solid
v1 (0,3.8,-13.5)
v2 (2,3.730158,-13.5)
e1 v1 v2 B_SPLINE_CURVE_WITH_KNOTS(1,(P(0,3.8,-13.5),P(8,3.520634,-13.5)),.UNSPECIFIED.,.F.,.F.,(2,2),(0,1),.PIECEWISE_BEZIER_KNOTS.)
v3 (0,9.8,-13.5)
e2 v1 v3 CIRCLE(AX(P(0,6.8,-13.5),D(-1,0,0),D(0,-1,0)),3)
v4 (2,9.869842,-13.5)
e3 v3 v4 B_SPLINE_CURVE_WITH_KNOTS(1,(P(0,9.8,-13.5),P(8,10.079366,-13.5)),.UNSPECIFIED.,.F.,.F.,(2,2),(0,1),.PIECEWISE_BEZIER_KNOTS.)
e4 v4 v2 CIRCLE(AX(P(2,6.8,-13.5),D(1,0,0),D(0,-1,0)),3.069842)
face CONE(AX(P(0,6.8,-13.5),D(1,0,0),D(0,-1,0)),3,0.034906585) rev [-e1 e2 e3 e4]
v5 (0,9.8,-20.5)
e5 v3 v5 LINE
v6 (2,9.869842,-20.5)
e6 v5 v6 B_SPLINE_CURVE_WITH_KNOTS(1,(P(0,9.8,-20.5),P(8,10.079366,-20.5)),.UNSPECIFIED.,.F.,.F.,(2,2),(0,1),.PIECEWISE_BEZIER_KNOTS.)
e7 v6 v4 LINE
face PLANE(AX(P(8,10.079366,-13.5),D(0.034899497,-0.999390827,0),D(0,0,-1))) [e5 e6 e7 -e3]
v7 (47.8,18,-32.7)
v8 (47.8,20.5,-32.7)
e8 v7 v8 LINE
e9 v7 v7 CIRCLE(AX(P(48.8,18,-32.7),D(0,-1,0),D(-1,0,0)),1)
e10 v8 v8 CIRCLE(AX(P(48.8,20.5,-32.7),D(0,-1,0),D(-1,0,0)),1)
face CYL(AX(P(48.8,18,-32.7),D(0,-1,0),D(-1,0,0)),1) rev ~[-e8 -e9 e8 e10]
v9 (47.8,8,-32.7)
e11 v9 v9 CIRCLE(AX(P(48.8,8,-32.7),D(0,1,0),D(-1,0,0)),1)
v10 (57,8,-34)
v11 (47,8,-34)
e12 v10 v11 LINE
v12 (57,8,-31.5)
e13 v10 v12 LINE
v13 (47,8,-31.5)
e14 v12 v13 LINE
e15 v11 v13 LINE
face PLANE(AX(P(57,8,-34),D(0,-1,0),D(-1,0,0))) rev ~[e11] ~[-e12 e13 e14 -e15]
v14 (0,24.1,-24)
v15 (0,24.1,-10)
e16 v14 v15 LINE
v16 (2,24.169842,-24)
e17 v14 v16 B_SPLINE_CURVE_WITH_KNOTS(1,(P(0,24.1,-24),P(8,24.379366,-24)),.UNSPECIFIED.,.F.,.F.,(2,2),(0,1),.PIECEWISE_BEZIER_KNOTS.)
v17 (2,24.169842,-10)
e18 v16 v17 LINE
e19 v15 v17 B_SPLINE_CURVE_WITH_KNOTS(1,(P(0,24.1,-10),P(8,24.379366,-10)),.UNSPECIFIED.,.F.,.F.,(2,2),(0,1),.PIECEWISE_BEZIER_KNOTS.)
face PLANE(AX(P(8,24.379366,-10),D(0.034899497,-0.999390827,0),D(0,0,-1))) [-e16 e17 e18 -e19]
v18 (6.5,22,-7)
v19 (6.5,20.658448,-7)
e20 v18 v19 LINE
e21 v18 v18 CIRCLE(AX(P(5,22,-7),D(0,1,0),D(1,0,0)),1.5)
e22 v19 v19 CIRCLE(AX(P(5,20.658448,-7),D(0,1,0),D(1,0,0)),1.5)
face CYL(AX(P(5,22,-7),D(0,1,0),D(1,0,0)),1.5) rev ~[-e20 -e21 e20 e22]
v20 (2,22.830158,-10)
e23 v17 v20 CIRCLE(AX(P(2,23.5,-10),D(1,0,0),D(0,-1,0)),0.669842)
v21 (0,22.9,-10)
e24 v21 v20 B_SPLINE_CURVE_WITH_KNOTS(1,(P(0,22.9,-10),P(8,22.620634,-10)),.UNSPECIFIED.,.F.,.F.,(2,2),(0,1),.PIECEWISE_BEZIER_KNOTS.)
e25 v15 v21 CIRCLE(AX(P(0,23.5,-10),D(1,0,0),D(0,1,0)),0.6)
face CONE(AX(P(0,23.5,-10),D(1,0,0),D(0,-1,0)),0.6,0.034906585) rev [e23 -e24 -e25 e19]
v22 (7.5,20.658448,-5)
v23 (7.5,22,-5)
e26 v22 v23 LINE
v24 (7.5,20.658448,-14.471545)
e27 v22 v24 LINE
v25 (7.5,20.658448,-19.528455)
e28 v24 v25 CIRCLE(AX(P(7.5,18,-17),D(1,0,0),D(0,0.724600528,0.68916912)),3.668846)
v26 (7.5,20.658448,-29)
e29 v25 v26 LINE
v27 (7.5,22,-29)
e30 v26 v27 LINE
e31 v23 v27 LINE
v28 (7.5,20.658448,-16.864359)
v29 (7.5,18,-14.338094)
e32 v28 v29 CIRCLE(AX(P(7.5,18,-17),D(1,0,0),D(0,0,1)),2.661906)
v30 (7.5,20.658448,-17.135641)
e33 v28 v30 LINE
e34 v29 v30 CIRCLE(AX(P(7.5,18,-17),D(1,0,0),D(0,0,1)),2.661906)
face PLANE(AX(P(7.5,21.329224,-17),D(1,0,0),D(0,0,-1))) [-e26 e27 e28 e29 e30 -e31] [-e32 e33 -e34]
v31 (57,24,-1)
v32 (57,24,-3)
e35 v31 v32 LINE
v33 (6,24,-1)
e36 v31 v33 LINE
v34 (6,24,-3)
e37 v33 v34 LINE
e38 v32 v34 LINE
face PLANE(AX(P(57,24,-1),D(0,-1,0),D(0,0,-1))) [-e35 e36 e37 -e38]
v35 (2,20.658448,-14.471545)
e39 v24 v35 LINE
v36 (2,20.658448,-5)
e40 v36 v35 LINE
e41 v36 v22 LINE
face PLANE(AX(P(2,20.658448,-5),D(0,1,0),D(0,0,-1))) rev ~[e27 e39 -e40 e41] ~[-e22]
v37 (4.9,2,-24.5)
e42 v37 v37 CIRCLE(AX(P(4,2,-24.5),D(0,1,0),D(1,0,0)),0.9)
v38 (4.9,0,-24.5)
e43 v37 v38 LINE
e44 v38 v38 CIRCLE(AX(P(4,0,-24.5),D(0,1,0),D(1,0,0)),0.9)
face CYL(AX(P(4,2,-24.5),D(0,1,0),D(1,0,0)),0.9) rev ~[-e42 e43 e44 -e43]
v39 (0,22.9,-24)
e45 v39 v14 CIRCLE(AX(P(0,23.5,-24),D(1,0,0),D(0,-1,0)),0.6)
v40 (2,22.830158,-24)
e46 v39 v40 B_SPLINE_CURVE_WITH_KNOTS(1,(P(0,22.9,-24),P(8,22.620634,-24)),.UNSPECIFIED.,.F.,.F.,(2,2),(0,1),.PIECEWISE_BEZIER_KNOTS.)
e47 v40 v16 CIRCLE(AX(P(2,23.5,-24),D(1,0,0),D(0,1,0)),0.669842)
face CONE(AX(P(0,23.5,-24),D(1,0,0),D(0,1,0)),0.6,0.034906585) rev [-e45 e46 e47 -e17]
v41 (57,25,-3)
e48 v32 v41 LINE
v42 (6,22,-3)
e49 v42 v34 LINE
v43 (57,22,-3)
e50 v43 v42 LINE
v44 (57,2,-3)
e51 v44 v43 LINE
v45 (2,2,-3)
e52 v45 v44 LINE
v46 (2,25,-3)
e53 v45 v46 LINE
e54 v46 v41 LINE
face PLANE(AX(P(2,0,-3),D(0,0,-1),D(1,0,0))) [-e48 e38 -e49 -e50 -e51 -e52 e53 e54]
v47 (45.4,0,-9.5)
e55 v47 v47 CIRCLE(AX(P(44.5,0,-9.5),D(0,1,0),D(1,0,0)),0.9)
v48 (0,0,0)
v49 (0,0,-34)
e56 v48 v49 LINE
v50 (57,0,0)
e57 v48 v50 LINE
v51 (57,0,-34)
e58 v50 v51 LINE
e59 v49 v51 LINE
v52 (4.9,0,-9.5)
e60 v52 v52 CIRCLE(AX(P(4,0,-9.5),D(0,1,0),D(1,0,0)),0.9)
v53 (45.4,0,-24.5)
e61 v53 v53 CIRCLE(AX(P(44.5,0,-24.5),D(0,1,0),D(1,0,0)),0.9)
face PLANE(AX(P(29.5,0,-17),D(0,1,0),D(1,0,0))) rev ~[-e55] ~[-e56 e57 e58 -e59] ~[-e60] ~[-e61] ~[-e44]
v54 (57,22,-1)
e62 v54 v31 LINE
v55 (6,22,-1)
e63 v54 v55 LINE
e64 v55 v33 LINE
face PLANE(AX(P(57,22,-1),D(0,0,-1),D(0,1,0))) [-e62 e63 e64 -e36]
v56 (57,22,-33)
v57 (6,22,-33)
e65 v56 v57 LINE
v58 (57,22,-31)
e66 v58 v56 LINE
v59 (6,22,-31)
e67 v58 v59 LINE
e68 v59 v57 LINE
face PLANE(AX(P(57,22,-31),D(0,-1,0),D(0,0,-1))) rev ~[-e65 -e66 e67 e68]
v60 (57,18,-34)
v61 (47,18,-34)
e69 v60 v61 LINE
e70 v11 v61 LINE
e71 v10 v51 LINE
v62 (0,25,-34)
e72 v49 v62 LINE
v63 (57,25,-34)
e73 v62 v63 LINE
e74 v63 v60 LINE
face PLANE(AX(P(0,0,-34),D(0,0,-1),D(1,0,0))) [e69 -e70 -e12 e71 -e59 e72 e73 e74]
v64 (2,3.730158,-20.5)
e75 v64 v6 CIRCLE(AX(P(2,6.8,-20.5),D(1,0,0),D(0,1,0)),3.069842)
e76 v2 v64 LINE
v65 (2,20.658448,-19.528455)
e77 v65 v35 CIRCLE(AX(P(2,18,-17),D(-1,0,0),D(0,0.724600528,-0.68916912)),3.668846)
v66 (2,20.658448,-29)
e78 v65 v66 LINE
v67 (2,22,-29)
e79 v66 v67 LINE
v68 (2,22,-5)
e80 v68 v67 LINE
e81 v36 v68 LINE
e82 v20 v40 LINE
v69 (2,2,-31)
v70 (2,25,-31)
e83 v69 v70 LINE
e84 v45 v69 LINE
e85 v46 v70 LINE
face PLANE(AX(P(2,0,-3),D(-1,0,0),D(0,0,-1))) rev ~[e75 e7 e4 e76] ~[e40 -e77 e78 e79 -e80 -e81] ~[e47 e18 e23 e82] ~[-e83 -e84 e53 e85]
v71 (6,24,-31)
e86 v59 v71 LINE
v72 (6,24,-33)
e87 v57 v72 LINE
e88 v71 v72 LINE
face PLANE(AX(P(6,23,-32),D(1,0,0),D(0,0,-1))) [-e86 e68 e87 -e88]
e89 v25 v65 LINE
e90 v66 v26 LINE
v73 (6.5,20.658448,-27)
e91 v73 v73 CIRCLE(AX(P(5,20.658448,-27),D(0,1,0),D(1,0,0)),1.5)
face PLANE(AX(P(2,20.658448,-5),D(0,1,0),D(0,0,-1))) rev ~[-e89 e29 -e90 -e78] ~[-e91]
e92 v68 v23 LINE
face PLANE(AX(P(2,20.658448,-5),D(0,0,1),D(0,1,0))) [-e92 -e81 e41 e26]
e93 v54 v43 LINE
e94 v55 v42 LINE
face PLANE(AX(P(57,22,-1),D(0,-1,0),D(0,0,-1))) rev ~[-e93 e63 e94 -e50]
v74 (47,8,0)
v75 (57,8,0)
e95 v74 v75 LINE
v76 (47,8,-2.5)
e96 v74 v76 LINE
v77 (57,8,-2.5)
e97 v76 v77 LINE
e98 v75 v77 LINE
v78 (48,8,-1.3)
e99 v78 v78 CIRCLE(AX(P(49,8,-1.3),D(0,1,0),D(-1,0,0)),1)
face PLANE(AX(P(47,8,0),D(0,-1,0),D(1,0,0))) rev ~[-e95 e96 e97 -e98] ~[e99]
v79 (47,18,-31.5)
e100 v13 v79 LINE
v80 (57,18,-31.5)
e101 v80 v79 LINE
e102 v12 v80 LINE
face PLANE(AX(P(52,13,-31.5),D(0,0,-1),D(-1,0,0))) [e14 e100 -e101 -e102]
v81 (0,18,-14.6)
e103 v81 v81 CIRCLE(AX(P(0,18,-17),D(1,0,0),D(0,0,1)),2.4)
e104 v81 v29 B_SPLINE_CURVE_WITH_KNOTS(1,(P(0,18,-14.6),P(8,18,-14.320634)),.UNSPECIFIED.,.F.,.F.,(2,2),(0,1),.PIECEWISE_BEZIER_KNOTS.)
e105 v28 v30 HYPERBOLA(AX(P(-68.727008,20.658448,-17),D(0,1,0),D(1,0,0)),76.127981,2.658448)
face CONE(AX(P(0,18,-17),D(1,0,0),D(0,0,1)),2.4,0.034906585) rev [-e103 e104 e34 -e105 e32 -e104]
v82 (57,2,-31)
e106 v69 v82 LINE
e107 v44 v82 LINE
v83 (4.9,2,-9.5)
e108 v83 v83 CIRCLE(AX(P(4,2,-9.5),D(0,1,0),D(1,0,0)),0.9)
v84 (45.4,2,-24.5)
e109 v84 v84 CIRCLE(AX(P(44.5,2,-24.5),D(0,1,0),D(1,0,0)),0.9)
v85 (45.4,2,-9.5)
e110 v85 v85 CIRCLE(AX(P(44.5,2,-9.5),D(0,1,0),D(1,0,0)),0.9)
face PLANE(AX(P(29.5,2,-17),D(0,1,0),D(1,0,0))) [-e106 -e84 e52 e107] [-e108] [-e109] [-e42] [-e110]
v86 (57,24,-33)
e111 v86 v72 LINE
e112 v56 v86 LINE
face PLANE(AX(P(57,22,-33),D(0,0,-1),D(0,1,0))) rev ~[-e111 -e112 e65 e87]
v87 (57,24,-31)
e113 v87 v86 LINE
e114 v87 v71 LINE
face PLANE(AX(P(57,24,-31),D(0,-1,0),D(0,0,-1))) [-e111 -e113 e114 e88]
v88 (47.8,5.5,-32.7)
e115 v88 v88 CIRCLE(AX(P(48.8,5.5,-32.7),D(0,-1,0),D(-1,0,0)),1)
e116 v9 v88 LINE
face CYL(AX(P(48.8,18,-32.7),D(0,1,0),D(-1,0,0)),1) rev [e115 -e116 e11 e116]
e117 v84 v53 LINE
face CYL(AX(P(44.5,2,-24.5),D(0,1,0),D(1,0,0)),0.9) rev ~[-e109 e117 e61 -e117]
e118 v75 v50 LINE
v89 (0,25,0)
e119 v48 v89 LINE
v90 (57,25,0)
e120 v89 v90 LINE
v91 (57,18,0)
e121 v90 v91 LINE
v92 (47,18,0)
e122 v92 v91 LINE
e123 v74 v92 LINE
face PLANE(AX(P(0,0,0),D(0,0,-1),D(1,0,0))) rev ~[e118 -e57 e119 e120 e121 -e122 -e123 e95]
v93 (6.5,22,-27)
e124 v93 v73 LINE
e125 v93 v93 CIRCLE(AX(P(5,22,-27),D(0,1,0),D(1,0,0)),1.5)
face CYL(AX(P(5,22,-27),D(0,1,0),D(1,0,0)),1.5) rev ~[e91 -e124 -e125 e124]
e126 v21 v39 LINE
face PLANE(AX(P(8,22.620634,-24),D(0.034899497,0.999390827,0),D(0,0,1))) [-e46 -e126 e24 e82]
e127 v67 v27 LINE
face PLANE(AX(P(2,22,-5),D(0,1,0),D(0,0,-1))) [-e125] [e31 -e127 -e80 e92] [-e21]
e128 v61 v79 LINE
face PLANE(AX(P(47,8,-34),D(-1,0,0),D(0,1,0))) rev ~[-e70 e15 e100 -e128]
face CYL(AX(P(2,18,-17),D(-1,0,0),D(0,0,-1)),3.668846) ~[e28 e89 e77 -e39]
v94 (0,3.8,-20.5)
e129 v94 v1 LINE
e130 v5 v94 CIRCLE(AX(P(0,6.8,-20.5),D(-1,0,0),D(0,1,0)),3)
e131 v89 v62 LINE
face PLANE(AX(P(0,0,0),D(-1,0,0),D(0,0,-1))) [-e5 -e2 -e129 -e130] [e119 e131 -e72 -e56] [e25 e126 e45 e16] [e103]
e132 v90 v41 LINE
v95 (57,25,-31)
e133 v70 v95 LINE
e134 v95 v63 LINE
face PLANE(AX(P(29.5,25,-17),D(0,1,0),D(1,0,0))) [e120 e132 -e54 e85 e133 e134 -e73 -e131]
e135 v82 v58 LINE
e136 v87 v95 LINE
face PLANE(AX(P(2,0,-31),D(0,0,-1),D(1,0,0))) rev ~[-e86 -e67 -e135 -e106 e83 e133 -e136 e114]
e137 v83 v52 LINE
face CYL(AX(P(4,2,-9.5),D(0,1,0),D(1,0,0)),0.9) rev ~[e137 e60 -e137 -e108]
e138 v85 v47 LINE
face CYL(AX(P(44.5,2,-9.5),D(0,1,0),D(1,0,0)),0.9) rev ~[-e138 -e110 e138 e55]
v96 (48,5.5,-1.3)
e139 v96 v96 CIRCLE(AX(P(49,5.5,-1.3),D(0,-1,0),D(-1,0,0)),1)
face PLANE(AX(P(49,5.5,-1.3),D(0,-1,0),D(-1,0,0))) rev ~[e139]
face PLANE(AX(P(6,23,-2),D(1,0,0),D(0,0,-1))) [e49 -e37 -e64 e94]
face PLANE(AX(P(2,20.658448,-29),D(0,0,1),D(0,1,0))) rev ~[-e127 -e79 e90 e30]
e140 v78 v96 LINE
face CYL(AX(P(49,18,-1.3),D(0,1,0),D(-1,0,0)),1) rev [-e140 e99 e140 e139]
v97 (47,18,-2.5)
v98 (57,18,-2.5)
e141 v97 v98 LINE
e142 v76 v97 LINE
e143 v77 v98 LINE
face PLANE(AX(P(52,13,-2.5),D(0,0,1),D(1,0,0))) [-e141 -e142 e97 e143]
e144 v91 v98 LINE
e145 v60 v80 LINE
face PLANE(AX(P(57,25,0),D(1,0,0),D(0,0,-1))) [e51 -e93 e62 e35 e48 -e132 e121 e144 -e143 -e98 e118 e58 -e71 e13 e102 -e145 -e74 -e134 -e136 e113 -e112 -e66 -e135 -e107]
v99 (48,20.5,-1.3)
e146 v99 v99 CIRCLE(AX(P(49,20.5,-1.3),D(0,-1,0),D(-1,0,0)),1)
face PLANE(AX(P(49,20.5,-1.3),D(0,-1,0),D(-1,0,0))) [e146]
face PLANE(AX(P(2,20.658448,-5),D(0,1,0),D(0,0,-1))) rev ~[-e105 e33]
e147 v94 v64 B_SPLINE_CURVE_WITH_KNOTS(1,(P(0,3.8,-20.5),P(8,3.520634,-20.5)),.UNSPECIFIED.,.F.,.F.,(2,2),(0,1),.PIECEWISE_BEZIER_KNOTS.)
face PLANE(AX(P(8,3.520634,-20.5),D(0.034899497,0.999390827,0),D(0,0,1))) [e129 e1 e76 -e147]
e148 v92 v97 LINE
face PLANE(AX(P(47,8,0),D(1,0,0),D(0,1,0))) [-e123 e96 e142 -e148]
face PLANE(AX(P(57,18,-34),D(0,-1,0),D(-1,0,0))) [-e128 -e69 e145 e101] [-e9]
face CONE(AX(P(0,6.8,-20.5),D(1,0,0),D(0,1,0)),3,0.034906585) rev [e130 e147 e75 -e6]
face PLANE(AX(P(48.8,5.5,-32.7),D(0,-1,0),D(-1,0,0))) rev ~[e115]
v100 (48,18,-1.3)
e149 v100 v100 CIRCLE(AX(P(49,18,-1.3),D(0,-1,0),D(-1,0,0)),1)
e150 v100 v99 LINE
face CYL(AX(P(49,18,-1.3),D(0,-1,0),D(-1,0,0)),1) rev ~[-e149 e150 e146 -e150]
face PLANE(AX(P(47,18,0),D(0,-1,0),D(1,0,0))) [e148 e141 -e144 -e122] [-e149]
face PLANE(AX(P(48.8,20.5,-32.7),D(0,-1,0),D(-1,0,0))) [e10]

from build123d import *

# Parameters (mm, degrees)
SKETCH1_W                    = 59
SKETCH1_H                    = 34
SKETCH1_W_2                  = 55
SKETCH1_H_2                  = 28
BOSS_EXTRUDE1_DEPTH          = 25
SKETCH1_2_W                  = 55
SKETCH1_2_H                  = 28
BOSS_EXTRUDE2_DEPTH          = 2
SKETCH2_W                    = 2
SKETCH2_H                    = 34
CUT_EXTRUDE1_DEPTH           = 25
SKETCH3_R                    = 0.9
CUT_EXTRUDE2_DEPTH           = 25
CUT_EXTRUDE3_DEPTH           = 25
SKETCH5_W                    = 2
SKETCH5_H                    = 2
CUT_EXTRUDE4_DEPTH           = 51
SKETCH6_R                    = 3.668845882
BOSS_EXTRUDE3_DEPTH          = 5.5
SKETCH4_3_R                  = 2.4
CUT_EXTRUDE5_DEPTH           = 8
CUT_EXTRUDE5_DRAFT           = 2
CUT_EXTRUDE5_PROFILE_2_DEPTH = 8
CUT_EXTRUDE5_PROFILE_2_DRAFT = 2
CUT_EXTRUDE5_PROFILE_3_DEPTH = 8
CUT_EXTRUDE5_PROFILE_3_DRAFT = 2
SKETCH7_W                    = 24
SKETCH7_H                    = 1.341552338
BOSS_EXTRUDE4_DEPTH          = 5.5
SKETCH8_R                    = 1.5
CUT_EXTRUDE6_DEPTH           = 5.5
SKETCH9_W                    = 10
SKETCH9_H                    = 10
CUT_EXTRUDE7_DEPTH           = 2.5
SKETCH10_W                   = 10
SKETCH10_H                   = 10
CUT_EXTRUDE8_DEPTH           = 2.5
CUT_EXTRUDE9_DEPTH           = 12.5
CUT_EXTRUDE9_DEPTH_BACK      = 2.5
SKETCH11_R                   = 1
CUT_EXTRUDE10_DEPTH          = 12.5
CUT_EXTRUDE10_DEPTH_BACK     = 2.5
SKETCH12_R                   = 1


with BuildPart() as part:
    # Sketch1 → Boss-Extrude1 (new body)
    with BuildSketch(Plane(origin=(0, 0, 0), x_dir=(1, 0, 0), z_dir=(0, 1, 0))):
        with Locations((29.5, 17)):
            Rectangle(SKETCH1_W, SKETCH1_H)
        with Locations((29.5, 17)):
            Rectangle(SKETCH1_W_2, SKETCH1_H_2, mode=Mode.SUBTRACT)
    extrude(amount=BOSS_EXTRUDE1_DEPTH)

    # Sketch1<2> → Boss-Extrude2 (add)
    with BuildSketch(Plane(origin=(0, 0, 0), x_dir=(1, 0, 0), z_dir=(0, 1, 0))):
        with Locations((29.5, 17)):
            Rectangle(SKETCH1_2_W, SKETCH1_2_H)
    extrude(amount=BOSS_EXTRUDE2_DEPTH)

    # Sketch2 → Cut-Extrude1 (cut)
    with BuildSketch(Plane(origin=(0, 25, 0), x_dir=(1, 0, 0), z_dir=(0, 1, 0))):
        with Locations((58, 17)):
            Rectangle(SKETCH2_W, SKETCH2_H)
    extrude(amount=-CUT_EXTRUDE1_DEPTH, mode=Mode.SUBTRACT)

    # Sketch3 → Cut-Extrude2 (cut)
    with BuildSketch(Plane(origin=(0, 2, 0), x_dir=(1, 0, 0), z_dir=(0, 1, 0))):
        with Locations((4, 9.5)):
            Circle(SKETCH3_R)
        with Locations((4, 24.5)):
            Circle(SKETCH3_R)
        with Locations((44.5, 9.5)):
            Circle(SKETCH3_R)
        with Locations((44.5, 24.5)):
            Circle(SKETCH3_R)
    extrude(amount=-CUT_EXTRUDE2_DEPTH, mode=Mode.SUBTRACT)

    # Sketch4 → Cut-Extrude3 (cut)
    with BuildSketch(Plane.ZY):
        with BuildLine():
            Line((-13.5, 9.8), (-20.5, 9.8))
            ThreePointArc((-20.5, 9.8), (-23.5, 6.8), (-20.5, 3.8))
            Line((-20.5, 3.8), (-13.5, 3.8))
            ThreePointArc((-13.5, 3.8), (-10.5, 6.8), (-13.5, 9.8))
        make_face()
        with BuildLine():
            Line((-10, 24.1), (-24, 24.1))
            ThreePointArc((-24, 24.1), (-24.6, 23.5), (-24, 22.9))
            Line((-24, 22.9), (-10, 22.9))
            ThreePointArc((-10, 22.9), (-9.4, 23.5), (-10, 24.1))
        make_face()
    extrude(amount=-CUT_EXTRUDE3_DEPTH, mode=Mode.SUBTRACT)

    # Sketch5 → Cut-Extrude4 (cut)
    with BuildSketch(Plane(origin=(57, 0, 0), x_dir=(0, 0, -1), z_dir=(1, 0, 0))):
        with Locations((2, 23)):
            Rectangle(SKETCH5_W, SKETCH5_H)
        with Locations((32, 23)):
            Rectangle(SKETCH5_W, SKETCH5_H)
    extrude(amount=-CUT_EXTRUDE4_DEPTH, mode=Mode.SUBTRACT)

    # Sketch6 → Boss-Extrude3 (add)
    with BuildSketch(Plane(origin=(2, 0, 0), x_dir=(0, 0, -1), z_dir=(1, 0, 0))):
        with Locations((17, 18)):
            Circle(SKETCH6_R)
    extrude(amount=BOSS_EXTRUDE3_DEPTH)


with BuildPart() as cut_extrude5_tool:
    # Sketch4<3> → Cut-Extrude5 (with draft: the straight prism first)
    with BuildSketch(Plane.ZY):
        with Locations((-17, 18)):
            Circle(SKETCH4_3_R)
    extrude(amount=-CUT_EXTRUDE5_DEPTH)
    # Cut-Extrude5: the draft: its side faces are tilted about the plane it starts from
    cut_extrude5_sides = [cut_extrude5_tool.faces().sort_by_distance(p)[0] for p in [
        (4, 18, -19.4),
    ]]
    draft(cut_extrude5_sides, Plane.ZY, CUT_EXTRUDE5_DRAFT)


with BuildPart() as part_1:
    add(part.part)

    # Cut-Extrude5: cut by cut_extrude5_tool
    add(cut_extrude5_tool.part, mode=Mode.SUBTRACT)


with BuildPart() as cut_extrude5_profile_2_tool:
    # Sketch4<3> → Cut-Extrude5 profile 2 (with draft: the straight prism first)
    with BuildSketch(Plane.ZY):
        with BuildLine():
            ThreePointArc((-20.5, 9.8), (-23.5, 6.8), (-20.5, 3.8))
            Line((-20.5, 3.8), (-13.5, 3.8))
            ThreePointArc((-13.5, 3.8), (-10.5, 6.8), (-13.5, 9.8))
            Line((-13.5, 9.8), (-20.5, 9.8))
        make_face()
    extrude(amount=-CUT_EXTRUDE5_PROFILE_2_DEPTH)
    # Cut-Extrude5 profile 2: the draft: its side faces are tilted about the plane it starts from
    cut_extrude5_profile_2_sides = [cut_extrude5_profile_2_tool.faces().sort_by_distance(p)[0] for p in [
        (4, 3.8, -17),
        (4, 6.8, -10.5),
        (4, 9.8, -17),
        (4, 6.8, -23.5),
    ]]
    draft(cut_extrude5_profile_2_sides, Plane.ZY, CUT_EXTRUDE5_PROFILE_2_DRAFT)


with BuildPart() as part_2:
    add(part_1.part)

    # Cut-Extrude5 profile 2: cut by cut_extrude5_profile_2_tool
    add(cut_extrude5_profile_2_tool.part, mode=Mode.SUBTRACT)


with BuildPart() as cut_extrude5_profile_3_tool:
    # Sketch4<3> → Cut-Extrude5 profile 3 (with draft: the straight prism first)
    with BuildSketch(Plane.ZY):
        with BuildLine():
            ThreePointArc((-24, 24.1), (-24.6, 23.5), (-24, 22.9))
            Line((-24, 22.9), (-10, 22.9))
            ThreePointArc((-10, 22.9), (-9.4, 23.5), (-10, 24.1))
            Line((-10, 24.1), (-24, 24.1))
        make_face()
    extrude(amount=-CUT_EXTRUDE5_PROFILE_3_DEPTH)
    # Cut-Extrude5 profile 3: the draft: its side faces are tilted about the plane it starts from
    cut_extrude5_profile_3_sides = [cut_extrude5_profile_3_tool.faces().sort_by_distance(p)[0] for p in [
        (4, 23.5, -24.6),
        (4, 22.9, -17),
        (4, 23.5, -9.4),
        (4, 24.1, -17),
    ]]
    draft(cut_extrude5_profile_3_sides, Plane.ZY, CUT_EXTRUDE5_PROFILE_3_DRAFT)


with BuildPart() as part_3:
    add(part_2.part)

    # Cut-Extrude5 profile 3: cut by cut_extrude5_profile_3_tool
    add(cut_extrude5_profile_3_tool.part, mode=Mode.SUBTRACT)

    # Sketch7 → Boss-Extrude4 (add)
    with BuildSketch(Plane(origin=(2, 0, 0), x_dir=(0, 0, -1), z_dir=(1, 0, 0))):
        with Locations((17, 21.329223831)):
            Rectangle(SKETCH7_W, SKETCH7_H)
    extrude(amount=BOSS_EXTRUDE4_DEPTH)

    # Sketch8 → Cut-Extrude6 (cut)
    with BuildSketch(Plane(origin=(0, 22, 0), x_dir=(1, 0, 0), z_dir=(0, 1, 0))):
        with Locations((5, 7)):
            Circle(SKETCH8_R)
        with Locations((5, 27)):
            Circle(SKETCH8_R)
    extrude(amount=-CUT_EXTRUDE6_DEPTH, mode=Mode.SUBTRACT)

    # Sketch9 → Cut-Extrude7 (cut)
    with BuildSketch(Plane(origin=(0, 0, -34), x_dir=(-1, 0, 0), z_dir=(0, 0, -1))):
        with Locations((-52, 13)):
            Rectangle(SKETCH9_W, SKETCH9_H)
    extrude(amount=-CUT_EXTRUDE7_DEPTH, mode=Mode.SUBTRACT)

    # Sketch10 → Cut-Extrude8 (cut)
    with BuildSketch(Plane.XY):
        with Locations((52, 13)):
            Rectangle(SKETCH10_W, SKETCH10_H)
    extrude(amount=-CUT_EXTRUDE8_DEPTH, mode=Mode.SUBTRACT)

    # Sketch11 → Cut-Extrude9 (cut, two sides: drawn at the far end of the back side and taken through both)
    with BuildSketch(Plane(origin=(0, 18, 0), x_dir=(-1, 0, 0), z_dir=(0, -1, 0)).offset(-CUT_EXTRUDE9_DEPTH_BACK)):
        with Locations((-49, 1.3)):
            Circle(SKETCH11_R)
    extrude(amount=CUT_EXTRUDE9_DEPTH + CUT_EXTRUDE9_DEPTH_BACK, mode=Mode.SUBTRACT)

    # Sketch12 → Cut-Extrude10 (cut, two sides: drawn at the far end of the back side and taken through both)
    with BuildSketch(Plane(origin=(0, 18, 0), x_dir=(-1, 0, 0), z_dir=(0, -1, 0)).offset(-CUT_EXTRUDE10_DEPTH_BACK)):
        with Locations((-48.8, 32.7)):
            Circle(SKETCH12_R)
    extrude(amount=CUT_EXTRUDE10_DEPTH + CUT_EXTRUDE10_DEPTH_BACK, mode=Mode.SUBTRACT)


solid = part_3.part
